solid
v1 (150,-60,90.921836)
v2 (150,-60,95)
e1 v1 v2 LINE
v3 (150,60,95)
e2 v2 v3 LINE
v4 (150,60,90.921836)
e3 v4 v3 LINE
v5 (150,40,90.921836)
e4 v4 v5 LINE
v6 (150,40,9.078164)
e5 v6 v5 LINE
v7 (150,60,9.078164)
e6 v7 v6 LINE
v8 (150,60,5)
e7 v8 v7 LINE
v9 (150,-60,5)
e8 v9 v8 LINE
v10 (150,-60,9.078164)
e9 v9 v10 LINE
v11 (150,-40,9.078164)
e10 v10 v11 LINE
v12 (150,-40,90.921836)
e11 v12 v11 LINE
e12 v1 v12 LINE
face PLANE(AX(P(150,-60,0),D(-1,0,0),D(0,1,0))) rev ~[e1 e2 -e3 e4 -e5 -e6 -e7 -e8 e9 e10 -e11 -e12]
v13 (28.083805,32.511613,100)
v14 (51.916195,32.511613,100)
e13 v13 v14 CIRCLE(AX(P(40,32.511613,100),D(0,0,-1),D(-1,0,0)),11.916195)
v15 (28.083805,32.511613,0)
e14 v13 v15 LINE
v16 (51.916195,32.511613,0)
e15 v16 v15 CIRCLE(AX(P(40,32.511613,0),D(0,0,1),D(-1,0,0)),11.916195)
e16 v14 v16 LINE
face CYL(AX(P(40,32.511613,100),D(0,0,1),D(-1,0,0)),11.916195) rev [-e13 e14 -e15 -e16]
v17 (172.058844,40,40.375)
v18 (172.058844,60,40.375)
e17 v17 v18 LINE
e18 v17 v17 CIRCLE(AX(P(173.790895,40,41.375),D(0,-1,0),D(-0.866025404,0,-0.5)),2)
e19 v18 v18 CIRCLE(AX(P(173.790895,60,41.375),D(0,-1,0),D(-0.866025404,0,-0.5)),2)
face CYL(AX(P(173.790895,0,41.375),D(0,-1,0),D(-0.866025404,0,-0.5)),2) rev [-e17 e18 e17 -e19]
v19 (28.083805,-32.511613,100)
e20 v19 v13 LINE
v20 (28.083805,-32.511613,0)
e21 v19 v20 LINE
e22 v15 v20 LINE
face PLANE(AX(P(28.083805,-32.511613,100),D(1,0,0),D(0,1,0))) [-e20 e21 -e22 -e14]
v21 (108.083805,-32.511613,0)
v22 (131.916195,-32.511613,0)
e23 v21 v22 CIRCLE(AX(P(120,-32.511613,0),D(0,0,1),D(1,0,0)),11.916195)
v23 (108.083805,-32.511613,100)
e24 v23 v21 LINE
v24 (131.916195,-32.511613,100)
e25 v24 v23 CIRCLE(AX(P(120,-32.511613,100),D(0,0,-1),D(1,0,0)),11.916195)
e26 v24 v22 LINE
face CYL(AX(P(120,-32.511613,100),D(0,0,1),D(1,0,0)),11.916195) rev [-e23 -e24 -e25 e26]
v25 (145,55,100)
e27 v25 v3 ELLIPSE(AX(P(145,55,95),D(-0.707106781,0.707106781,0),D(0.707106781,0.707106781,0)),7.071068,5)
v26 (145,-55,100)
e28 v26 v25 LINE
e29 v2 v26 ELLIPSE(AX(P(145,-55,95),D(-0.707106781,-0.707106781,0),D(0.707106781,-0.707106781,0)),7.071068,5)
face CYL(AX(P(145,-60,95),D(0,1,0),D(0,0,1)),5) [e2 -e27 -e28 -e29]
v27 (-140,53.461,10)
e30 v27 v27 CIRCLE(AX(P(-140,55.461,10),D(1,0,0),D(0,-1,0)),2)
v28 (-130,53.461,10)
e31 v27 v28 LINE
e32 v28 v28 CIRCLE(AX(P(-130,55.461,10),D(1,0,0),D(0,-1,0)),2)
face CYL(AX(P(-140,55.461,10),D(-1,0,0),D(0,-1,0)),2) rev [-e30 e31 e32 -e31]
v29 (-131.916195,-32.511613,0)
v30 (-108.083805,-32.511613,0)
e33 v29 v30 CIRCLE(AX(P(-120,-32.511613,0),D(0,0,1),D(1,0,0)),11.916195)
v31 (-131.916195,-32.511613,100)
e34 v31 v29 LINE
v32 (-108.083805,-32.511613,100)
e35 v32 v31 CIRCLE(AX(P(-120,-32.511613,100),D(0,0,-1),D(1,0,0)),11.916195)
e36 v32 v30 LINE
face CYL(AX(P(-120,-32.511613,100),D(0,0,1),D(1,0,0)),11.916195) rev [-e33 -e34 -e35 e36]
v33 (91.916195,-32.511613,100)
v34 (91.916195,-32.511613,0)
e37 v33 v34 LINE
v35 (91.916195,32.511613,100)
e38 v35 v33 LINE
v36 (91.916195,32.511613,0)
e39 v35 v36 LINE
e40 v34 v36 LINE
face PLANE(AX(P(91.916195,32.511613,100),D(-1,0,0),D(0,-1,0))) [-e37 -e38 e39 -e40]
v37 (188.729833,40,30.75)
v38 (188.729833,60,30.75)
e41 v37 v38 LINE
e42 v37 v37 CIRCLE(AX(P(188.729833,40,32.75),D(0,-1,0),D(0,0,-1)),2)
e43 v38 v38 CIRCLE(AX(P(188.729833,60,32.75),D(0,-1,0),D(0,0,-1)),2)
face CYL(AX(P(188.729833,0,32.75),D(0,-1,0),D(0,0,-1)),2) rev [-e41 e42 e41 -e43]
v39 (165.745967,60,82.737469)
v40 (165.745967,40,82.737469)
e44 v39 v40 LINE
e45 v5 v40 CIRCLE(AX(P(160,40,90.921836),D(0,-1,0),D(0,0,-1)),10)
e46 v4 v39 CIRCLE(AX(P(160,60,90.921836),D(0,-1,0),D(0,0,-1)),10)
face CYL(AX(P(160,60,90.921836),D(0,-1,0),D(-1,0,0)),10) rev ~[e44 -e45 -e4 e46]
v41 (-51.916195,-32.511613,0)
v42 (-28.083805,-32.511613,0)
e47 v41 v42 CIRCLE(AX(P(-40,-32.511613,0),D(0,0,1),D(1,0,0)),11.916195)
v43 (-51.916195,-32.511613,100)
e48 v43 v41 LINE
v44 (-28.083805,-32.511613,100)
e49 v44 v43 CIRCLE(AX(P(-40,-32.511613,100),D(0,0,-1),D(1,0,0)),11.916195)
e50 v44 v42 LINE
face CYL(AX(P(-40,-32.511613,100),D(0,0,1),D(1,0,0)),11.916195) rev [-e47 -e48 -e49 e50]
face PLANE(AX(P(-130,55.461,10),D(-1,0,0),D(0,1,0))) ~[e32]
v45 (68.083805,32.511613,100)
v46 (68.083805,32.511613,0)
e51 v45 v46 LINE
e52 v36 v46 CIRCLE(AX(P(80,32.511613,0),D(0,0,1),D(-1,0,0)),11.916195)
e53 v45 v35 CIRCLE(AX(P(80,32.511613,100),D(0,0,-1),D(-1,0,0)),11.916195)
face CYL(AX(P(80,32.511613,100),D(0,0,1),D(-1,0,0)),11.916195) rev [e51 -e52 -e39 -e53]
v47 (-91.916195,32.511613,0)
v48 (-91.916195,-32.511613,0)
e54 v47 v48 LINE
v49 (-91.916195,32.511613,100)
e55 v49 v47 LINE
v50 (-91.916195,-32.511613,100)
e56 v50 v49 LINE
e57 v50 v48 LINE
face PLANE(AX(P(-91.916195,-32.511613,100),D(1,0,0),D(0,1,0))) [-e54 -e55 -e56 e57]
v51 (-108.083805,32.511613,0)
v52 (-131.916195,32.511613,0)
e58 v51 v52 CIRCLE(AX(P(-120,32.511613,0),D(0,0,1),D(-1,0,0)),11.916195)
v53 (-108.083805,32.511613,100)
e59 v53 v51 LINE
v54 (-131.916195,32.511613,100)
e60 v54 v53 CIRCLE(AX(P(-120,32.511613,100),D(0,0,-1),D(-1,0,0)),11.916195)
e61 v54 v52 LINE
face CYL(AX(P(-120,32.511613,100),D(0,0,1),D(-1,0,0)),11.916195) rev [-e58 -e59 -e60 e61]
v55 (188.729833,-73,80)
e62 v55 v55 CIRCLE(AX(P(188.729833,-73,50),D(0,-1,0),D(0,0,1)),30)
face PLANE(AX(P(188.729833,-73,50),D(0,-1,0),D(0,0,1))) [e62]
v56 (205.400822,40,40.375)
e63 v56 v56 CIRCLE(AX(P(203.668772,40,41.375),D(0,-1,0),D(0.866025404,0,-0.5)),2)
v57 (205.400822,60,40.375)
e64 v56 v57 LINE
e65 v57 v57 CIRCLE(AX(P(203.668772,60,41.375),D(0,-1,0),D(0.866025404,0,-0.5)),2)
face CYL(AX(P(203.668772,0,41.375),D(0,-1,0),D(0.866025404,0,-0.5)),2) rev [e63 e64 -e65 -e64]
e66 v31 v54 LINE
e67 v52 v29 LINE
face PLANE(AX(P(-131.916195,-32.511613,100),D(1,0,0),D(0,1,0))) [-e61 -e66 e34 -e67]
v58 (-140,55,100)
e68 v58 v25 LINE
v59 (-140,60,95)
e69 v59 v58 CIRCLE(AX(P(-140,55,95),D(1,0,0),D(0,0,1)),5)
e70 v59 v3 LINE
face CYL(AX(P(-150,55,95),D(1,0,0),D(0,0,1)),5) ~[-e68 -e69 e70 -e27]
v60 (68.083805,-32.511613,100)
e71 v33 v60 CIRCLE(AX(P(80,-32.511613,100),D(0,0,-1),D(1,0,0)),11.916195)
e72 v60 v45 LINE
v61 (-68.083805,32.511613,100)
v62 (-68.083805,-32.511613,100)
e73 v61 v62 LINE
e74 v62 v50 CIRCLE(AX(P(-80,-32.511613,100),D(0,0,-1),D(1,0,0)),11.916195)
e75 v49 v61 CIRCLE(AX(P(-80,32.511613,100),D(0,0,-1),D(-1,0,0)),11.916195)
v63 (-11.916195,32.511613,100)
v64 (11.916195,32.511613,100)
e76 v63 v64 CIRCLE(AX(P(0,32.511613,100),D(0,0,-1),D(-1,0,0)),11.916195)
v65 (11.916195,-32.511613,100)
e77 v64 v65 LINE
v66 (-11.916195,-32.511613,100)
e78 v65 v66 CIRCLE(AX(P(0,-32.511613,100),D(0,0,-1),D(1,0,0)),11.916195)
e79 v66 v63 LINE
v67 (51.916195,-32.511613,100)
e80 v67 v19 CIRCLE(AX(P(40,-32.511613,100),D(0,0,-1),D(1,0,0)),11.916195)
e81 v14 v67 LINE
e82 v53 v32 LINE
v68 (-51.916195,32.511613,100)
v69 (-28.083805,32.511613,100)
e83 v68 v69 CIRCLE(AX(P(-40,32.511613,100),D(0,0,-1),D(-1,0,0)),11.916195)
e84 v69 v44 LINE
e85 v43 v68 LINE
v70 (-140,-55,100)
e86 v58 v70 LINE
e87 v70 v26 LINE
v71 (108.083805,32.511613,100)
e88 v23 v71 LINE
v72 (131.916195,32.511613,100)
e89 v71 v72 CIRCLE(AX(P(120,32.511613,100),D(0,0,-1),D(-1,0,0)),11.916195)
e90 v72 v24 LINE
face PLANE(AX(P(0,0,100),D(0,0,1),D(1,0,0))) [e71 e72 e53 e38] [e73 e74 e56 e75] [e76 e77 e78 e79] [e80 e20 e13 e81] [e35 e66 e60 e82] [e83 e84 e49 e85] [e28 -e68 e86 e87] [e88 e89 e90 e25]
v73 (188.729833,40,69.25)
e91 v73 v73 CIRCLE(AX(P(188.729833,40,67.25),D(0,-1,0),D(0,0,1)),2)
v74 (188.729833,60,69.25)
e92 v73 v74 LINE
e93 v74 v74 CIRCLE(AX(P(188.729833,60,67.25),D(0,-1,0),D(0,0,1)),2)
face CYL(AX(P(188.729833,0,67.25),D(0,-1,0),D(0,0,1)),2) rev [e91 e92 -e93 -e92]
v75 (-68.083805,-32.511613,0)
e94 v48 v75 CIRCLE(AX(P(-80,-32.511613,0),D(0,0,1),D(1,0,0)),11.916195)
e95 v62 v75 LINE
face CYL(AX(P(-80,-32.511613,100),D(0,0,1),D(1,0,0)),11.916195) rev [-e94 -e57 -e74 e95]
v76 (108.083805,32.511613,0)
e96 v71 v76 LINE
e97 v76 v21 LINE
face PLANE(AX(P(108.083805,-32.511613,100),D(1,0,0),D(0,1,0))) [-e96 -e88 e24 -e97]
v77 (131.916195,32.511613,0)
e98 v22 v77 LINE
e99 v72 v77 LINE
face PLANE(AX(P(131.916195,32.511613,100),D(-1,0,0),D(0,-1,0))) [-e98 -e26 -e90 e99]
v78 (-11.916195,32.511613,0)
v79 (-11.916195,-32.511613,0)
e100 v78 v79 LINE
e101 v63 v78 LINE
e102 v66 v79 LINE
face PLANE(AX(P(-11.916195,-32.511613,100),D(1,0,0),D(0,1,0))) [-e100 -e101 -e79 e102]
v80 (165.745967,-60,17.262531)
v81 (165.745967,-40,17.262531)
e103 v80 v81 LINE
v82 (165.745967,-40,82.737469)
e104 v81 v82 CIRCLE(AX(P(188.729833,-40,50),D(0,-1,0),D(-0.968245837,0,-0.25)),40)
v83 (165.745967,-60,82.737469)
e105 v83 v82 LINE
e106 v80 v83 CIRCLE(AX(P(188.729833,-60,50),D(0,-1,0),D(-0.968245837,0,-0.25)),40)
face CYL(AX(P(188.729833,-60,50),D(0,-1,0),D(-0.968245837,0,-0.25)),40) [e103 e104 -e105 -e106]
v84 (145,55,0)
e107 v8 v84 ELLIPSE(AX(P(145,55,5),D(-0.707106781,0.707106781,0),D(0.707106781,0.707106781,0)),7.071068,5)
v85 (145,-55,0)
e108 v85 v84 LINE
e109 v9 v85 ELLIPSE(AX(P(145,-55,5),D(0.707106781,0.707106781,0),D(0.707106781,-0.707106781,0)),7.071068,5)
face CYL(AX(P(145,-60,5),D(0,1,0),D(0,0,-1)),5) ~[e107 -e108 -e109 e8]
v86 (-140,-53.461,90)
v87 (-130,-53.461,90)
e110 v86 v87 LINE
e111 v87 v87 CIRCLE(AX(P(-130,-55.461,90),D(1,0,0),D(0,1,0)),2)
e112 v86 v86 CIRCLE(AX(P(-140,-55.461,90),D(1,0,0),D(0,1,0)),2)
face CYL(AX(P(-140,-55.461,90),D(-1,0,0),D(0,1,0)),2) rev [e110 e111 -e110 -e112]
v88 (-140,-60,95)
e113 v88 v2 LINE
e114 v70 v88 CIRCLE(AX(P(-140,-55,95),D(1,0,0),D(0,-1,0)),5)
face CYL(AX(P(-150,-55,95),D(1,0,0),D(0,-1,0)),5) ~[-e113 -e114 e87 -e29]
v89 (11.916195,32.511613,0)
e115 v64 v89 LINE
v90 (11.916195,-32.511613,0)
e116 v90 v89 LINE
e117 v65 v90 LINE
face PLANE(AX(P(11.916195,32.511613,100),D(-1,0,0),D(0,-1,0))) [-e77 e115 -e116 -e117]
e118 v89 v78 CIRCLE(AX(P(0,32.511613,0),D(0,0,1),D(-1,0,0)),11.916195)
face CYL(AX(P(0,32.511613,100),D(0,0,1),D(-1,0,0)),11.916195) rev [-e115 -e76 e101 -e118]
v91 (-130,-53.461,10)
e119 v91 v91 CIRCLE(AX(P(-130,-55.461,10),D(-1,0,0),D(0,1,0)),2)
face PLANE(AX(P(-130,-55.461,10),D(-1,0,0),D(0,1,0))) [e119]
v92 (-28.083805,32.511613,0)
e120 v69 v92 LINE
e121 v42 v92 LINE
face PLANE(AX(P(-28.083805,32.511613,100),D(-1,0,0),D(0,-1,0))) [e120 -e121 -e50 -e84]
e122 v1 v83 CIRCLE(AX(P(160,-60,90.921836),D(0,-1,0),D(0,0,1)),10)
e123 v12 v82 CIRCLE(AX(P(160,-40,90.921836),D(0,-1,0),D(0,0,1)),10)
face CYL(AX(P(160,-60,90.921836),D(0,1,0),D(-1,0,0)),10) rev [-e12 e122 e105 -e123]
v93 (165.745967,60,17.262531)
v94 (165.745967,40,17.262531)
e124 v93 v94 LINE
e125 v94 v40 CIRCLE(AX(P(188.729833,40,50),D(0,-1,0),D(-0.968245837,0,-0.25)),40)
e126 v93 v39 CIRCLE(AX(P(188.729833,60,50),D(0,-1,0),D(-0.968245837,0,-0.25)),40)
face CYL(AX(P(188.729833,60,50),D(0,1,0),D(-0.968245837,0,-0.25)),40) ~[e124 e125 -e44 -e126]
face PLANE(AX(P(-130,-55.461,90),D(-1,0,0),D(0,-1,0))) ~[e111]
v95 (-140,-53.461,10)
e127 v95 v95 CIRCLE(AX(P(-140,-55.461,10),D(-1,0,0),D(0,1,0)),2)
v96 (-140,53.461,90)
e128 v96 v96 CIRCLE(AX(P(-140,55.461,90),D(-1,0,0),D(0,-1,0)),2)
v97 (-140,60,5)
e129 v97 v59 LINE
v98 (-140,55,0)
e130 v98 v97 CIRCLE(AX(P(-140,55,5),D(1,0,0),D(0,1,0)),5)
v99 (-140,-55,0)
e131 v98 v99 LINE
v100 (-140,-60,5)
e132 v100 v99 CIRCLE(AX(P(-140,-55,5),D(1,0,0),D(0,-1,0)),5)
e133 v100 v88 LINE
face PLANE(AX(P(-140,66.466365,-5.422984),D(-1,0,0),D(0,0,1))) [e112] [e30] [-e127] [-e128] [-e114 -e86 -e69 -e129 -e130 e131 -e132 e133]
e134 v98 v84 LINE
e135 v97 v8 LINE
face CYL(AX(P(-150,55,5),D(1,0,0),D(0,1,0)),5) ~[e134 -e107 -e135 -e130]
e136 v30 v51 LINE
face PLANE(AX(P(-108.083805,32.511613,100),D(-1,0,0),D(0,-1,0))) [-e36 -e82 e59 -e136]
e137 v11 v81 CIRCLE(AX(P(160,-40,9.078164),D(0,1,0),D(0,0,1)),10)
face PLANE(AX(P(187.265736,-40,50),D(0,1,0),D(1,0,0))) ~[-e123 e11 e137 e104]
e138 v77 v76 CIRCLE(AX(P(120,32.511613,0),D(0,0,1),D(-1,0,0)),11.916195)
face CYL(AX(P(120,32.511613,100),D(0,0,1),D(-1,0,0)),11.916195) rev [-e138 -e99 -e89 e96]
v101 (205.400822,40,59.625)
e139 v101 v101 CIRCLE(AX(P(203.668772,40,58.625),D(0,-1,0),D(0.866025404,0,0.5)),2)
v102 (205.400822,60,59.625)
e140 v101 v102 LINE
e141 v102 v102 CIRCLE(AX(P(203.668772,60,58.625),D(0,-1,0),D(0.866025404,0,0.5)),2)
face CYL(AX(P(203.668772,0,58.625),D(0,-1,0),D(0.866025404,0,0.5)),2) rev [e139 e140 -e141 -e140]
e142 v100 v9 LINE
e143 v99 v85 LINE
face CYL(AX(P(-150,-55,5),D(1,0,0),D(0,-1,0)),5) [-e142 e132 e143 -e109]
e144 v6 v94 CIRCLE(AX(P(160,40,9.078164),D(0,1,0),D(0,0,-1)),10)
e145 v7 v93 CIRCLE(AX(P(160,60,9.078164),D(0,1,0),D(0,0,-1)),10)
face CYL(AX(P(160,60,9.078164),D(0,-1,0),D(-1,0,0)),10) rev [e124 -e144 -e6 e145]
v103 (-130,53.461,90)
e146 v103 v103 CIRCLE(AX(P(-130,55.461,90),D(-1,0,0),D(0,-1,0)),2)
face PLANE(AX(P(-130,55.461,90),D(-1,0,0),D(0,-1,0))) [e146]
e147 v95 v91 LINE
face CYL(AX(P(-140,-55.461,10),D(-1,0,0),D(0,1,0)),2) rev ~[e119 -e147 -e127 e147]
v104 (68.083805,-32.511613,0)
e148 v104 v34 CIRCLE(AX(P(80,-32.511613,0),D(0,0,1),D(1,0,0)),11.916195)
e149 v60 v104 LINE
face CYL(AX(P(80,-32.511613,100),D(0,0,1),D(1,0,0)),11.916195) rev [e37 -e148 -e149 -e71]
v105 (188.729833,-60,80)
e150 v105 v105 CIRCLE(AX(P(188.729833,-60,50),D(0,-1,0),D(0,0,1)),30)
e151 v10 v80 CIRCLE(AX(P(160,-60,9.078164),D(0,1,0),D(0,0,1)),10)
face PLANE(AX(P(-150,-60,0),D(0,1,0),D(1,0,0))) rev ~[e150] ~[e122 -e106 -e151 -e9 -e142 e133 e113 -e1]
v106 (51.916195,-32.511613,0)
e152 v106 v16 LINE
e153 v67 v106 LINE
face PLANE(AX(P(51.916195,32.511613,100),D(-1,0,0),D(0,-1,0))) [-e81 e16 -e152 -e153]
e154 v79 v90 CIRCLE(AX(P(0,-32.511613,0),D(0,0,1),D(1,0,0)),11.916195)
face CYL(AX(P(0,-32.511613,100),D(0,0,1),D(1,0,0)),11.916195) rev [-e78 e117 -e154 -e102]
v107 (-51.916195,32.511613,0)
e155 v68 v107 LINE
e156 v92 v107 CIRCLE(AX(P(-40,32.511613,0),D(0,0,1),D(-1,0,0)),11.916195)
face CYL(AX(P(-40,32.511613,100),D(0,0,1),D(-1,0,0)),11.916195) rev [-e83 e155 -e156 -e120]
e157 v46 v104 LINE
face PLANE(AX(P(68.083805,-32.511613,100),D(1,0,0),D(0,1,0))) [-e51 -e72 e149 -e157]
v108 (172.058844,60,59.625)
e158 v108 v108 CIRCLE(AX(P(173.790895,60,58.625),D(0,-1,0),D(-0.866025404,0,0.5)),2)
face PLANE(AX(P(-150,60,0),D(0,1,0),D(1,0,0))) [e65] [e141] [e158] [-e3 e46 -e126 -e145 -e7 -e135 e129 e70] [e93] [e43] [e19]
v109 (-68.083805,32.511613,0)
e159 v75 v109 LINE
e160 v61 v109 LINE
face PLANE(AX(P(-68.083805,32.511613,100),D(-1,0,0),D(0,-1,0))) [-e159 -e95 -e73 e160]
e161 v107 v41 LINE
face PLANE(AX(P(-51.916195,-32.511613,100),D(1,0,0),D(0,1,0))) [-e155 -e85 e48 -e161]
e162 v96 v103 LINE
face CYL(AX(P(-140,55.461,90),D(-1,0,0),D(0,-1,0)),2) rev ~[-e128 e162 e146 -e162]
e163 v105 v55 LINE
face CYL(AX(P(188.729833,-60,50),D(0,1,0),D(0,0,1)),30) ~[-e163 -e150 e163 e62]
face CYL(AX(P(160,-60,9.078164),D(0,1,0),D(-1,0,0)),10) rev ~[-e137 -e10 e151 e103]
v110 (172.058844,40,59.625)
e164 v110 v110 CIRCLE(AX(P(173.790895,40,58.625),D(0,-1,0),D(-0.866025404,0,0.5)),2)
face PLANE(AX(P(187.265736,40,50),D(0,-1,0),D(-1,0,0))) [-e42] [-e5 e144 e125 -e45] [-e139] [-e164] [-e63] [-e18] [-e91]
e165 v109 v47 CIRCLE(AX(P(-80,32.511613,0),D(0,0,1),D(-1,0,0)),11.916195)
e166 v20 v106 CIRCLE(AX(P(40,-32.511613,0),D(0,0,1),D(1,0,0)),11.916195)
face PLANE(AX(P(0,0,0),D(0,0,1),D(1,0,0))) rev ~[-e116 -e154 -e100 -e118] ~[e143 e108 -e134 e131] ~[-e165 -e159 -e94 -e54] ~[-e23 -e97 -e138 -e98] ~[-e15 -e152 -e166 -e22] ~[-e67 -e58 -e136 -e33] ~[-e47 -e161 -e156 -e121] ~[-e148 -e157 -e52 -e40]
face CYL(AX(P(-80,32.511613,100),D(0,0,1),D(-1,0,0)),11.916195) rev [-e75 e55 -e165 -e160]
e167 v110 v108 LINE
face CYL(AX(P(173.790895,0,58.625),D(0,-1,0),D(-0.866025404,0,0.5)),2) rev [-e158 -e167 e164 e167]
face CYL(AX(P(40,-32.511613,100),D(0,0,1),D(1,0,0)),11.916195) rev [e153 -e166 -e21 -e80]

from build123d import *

# Parameters (mm, degrees)
SKETCH_1_W                                 = 300
SKETCH_1_H                                 = 120
EXTRUDE_1_DEPTH                            = 100
EXTRUDE_2_DEPTH                            = 20
FILLET_2_R                                 = 10
FILLET_3_R                                 = 10
MIRROR_6_AT_THE_SECOND_PLANE_COPY_1_DEPTH  = 20
FILLET_10_R                                = 10
FILLET_11_R                                = 10
FILLET_12_R                                = 10
FILLET_13_R                                = 10
FILLET_14_R                                = 10
FILLET_15_R                                = 10
CUT_EXTRUDE_1_REACH                        = 258.744
PATTERN_LINEAR_1_COUNT                     = 4
PATTERN_LINEAR_1_PITCH                     = 40
PATTERN_LINEAR_1_COL_COUNT                 = 4
PATTERN_LINEAR_1_COL_PITCH                 = 40
SKETCH_4_R                                 = 30
EXTRUDE_3_DEPTH                            = 13
SKETCH_6_R                                 = 32.5
CUT_EXTRUDE_2_DEPTH                        = 283.853914089
FILLET_16_R                                = 5
CUT_EXTRUDE_6_DEPTH                        = 399.453619326
CUT_EXTRUDE_6_DEPTH_BACK                   = 10
SKETCH_10_W                                = 239.935229407
SKETCH_10_H                                = 310.477115034
SKETCH_11_R                                = 2
CUT_EXTRUDE_7_DEPTH                        = 10
MIRROR_8_AT_THE_SECOND_PLANE_COPY_1_SKET_R = 2
MIRROR_8_AT_THE_SECOND_PLANE_COPY_1_DEPTH  = 10
SKETCH_12_R                                = 2
CUT_EXTRUDE_8_DEPTH                        = 261.089093804
PATTERN_CIRCULAR_2_COUNT                   = 6


with BuildPart() as part:
    # 草图1 → 凸台-拉伸1 (new body)
    with BuildSketch(Plane.XY):
        Rectangle(SKETCH_1_W, SKETCH_1_H)
    extrude(amount=EXTRUDE_1_DEPTH)

    # 草图2 → 凸台-拉伸2 (add)
    with BuildSketch(Plane(origin=(0, 60, 0), x_dir=(1, 0, 0), z_dir=(0, 1, 0))):
        with BuildLine():
            Line((150, -50), (150, -40))
            ThreePointArc((150, -40), (228.729833462, -50), (150, -60))
            Line((150, -60), (150, -50))
        make_face()
    extrude_2 = extrude(amount=-EXTRUDE_2_DEPTH)

    # 圆角2
    fillet_2_edges = [part.edges().sort_by_distance(p)[0] for p in [
        (150, 50, 40),
    ]]
    fillet(fillet_2_edges, radius=FILLET_2_R)

    # 圆角3
    fillet_3_edges = [part.edges().sort_by_distance(p)[0] for p in [
        (150, 50, 60),
    ]]
    fillet(fillet_3_edges, radius=FILLET_3_R)

    # 镜向6: 凸台-拉伸2 across plane
    add(extrude_2.mirror(Plane(origin=(0, 0, 0), x_dir=(0, 0, 1), z_dir=(1, 0, 0))))

    # 镜向6 at the second plane: 凸台-拉伸2 across plane
    add(extrude_2.mirror(Plane.ZX))

    # 镜向6 at the second plane copy 1 sket → 镜向6 at the second plane copy 1 (add)
    with BuildSketch(Plane(origin=(0, -60, 0), x_dir=(-1, 0, 0), z_dir=(0, -1, 0))):
        with BuildLine():
            Line((150, -50), (150, -40))
            ThreePointArc((150, -40), (228.729833462, -50), (150, -60))
            Line((150, -60), (150, -50))
        make_face()
    extrude(amount=-MIRROR_6_AT_THE_SECOND_PLANE_COPY_1_DEPTH)

    # 圆角10
    fillet_10_edges = [part.edges().sort_by_distance(p)[0] for p in [
        (150, -50, 60),
    ]]
    fillet(fillet_10_edges, radius=FILLET_10_R)

    # 圆角11
    fillet_11_edges = [part.edges().sort_by_distance(p)[0] for p in [
        (150, -50, 40),
    ]]
    fillet(fillet_11_edges, radius=FILLET_11_R)

    # 圆角12
    fillet_12_edges = [part.edges().sort_by_distance(p)[0] for p in [
        (-150, 50, 40),
    ]]
    fillet(fillet_12_edges, radius=FILLET_12_R)

    # 圆角13
    fillet_13_edges = [part.edges().sort_by_distance(p)[0] for p in [
        (-150, -50, 60),
    ]]
    fillet(fillet_13_edges, radius=FILLET_13_R)

    # 圆角14
    fillet_14_edges = [part.edges().sort_by_distance(p)[0] for p in [
        (-150, 50, 60),
    ]]
    fillet(fillet_14_edges, radius=FILLET_14_R)

    # 圆角15
    fillet_15_edges = [part.edges().sort_by_distance(p)[0] for p in [
        (-150, -50, 40),
    ]]
    fillet(fillet_15_edges, radius=FILLET_15_R)

    # 草图3 → 切除-拉伸1 (cut, up to next)
    with BuildSketch(Plane.XY.offset(100), mode=Mode.PRIVATE) as cut_extrude_1_sk1:
        with BuildLine():
            Line((-11.916195323, -32.511613), (-11.916195323, 32.511613))
            ThreePointArc((-11.916195323, 32.511613), (0, 44.427808323), (11.916195323, 32.511613))
            Line((11.916195323, 32.511613), (11.916195323, -32.511613))
            ThreePointArc((11.916195323, -32.511613), (0, -44.427808323), (-11.916195323, -32.511613))
        make_face()
    cut_extrude_1_tool1 = extrude(cut_extrude_1_sk1.sketch, amount=-CUT_EXTRUDE_1_REACH, mode=Mode.PRIVATE) & part.part
    cut_extrude_1 = cut_extrude_1_tool1.solids().sort_by_distance((0, 0, 100))[0]
    add(cut_extrude_1, mode=Mode.SUBTRACT)

    # 阵列(线性)1: 切除-拉伸1 ×4
    with Locations(*[(i * PATTERN_LINEAR_1_PITCH, 0, 0) for i in range(1, PATTERN_LINEAR_1_COUNT)]):
        add(cut_extrude_1, mode=Mode.SUBTRACT)

    # 阵列(线性)1 col: 切除-拉伸1 ×4
    with Locations(*[(-i * PATTERN_LINEAR_1_COL_PITCH, 0, 0) for i in range(1, PATTERN_LINEAR_1_COL_COUNT)]):
        add(cut_extrude_1, mode=Mode.SUBTRACT)

    # 草图4 → 凸台-拉伸3 (add)
    with BuildSketch(Plane.XZ.offset(60)):
        with Locations(Location((188.729833462, 50, 0), (0, 0, 90))):
            Circle(SKETCH_4_R)
    extrude(amount=EXTRUDE_3_DEPTH)

    # 草图6 → 切除-拉伸2 (cut, through all)
    with BuildSketch(Plane(origin=(0, 60, 0), x_dir=(1, 0, 0), z_dir=(0, 1, 0))):
        with Locations(Location((-188.729833462, -50, 0), (0, 0, 270))):
            Circle(SKETCH_6_R)
    extrude(amount=-CUT_EXTRUDE_2_DEPTH, mode=Mode.SUBTRACT)

    # 圆角16
    fillet_16_edges = [part.edges().sort_by_distance(p)[0] for p in [
        (-150, 0, 100),
        (0, -60, 100),
        (150, 0, 100),
        (0, -60, 0),
        (-150, 0, 0),
        (0, 60, 0),
        (150, 0, 0),
        (0, 60, 100),
    ]]
    fillet(fillet_16_edges, radius=FILLET_16_R)

    # 草图10 → 切除-拉伸6 (cut, two sides: drawn at the far end of the back side and taken through both)
    with BuildSketch(Plane.ZY.offset(150).offset(-CUT_EXTRUDE_6_DEPTH_BACK)):
        with Locations((-5.422984107, 66.466365428)):
            Rectangle(SKETCH_10_W, SKETCH_10_H)
    extrude(amount=CUT_EXTRUDE_6_DEPTH + CUT_EXTRUDE_6_DEPTH_BACK, mode=Mode.SUBTRACT)

    # 草图11 → 切除-拉伸7 (cut)
    with BuildSketch(Plane.ZY.offset(140)):
        with Locations(Location((90, 55.461, 0), (0, 0, 270))):
            Circle(SKETCH_11_R)
    cut_extrude_7 = extrude(amount=-CUT_EXTRUDE_7_DEPTH, mode=Mode.SUBTRACT)

    # 镜向8: 切除-拉伸7 across plane
    add(cut_extrude_7.mirror(Plane.ZX), mode=Mode.SUBTRACT)

    # 镜向8 at the second plane: 切除-拉伸7 across plane
    add(cut_extrude_7.mirror(Plane.XY.offset(50)), mode=Mode.SUBTRACT)

    # 镜向8 at the second plane copy 1 sket → 镜向8 at the second plane copy 1 (cut)
    with BuildSketch(Plane(origin=(-140, 0, 100), x_dir=(0, 0, -1), z_dir=(-1, 0, 0))):
        with Locations(Location((90, 55.461, 0), (0, 0, 270))):
            Circle(MIRROR_8_AT_THE_SECOND_PLANE_COPY_1_SKET_R)
    extrude(amount=-MIRROR_8_AT_THE_SECOND_PLANE_COPY_1_DEPTH, mode=Mode.SUBTRACT)

    # 草图12 → 切除-拉伸8 (cut, through all)
    with BuildSketch(Plane(origin=(0, 0, 0), x_dir=(1, 0, 0), z_dir=(0, 1, 0))):
        with Locations(Location((188.729833462, -32.75, 0), (0, 0, 90))):
            Circle(SKETCH_12_R)
    cut_extrude_8 = extrude(amount=CUT_EXTRUDE_8_DEPTH, mode=Mode.SUBTRACT)

    # 阵列(圆周)2: 切除-拉伸8 ×6 about axis
    pattern_circular_2_axis = Axis((188.729833462, 0, 50), (0, 1, 0))
    for i in range(1, PATTERN_CIRCULAR_2_COUNT):
        add(cut_extrude_8.rotate(pattern_circular_2_axis, i * 360 / PATTERN_CIRCULAR_2_COUNT), mode=Mode.SUBTRACT)


solid = part.part
